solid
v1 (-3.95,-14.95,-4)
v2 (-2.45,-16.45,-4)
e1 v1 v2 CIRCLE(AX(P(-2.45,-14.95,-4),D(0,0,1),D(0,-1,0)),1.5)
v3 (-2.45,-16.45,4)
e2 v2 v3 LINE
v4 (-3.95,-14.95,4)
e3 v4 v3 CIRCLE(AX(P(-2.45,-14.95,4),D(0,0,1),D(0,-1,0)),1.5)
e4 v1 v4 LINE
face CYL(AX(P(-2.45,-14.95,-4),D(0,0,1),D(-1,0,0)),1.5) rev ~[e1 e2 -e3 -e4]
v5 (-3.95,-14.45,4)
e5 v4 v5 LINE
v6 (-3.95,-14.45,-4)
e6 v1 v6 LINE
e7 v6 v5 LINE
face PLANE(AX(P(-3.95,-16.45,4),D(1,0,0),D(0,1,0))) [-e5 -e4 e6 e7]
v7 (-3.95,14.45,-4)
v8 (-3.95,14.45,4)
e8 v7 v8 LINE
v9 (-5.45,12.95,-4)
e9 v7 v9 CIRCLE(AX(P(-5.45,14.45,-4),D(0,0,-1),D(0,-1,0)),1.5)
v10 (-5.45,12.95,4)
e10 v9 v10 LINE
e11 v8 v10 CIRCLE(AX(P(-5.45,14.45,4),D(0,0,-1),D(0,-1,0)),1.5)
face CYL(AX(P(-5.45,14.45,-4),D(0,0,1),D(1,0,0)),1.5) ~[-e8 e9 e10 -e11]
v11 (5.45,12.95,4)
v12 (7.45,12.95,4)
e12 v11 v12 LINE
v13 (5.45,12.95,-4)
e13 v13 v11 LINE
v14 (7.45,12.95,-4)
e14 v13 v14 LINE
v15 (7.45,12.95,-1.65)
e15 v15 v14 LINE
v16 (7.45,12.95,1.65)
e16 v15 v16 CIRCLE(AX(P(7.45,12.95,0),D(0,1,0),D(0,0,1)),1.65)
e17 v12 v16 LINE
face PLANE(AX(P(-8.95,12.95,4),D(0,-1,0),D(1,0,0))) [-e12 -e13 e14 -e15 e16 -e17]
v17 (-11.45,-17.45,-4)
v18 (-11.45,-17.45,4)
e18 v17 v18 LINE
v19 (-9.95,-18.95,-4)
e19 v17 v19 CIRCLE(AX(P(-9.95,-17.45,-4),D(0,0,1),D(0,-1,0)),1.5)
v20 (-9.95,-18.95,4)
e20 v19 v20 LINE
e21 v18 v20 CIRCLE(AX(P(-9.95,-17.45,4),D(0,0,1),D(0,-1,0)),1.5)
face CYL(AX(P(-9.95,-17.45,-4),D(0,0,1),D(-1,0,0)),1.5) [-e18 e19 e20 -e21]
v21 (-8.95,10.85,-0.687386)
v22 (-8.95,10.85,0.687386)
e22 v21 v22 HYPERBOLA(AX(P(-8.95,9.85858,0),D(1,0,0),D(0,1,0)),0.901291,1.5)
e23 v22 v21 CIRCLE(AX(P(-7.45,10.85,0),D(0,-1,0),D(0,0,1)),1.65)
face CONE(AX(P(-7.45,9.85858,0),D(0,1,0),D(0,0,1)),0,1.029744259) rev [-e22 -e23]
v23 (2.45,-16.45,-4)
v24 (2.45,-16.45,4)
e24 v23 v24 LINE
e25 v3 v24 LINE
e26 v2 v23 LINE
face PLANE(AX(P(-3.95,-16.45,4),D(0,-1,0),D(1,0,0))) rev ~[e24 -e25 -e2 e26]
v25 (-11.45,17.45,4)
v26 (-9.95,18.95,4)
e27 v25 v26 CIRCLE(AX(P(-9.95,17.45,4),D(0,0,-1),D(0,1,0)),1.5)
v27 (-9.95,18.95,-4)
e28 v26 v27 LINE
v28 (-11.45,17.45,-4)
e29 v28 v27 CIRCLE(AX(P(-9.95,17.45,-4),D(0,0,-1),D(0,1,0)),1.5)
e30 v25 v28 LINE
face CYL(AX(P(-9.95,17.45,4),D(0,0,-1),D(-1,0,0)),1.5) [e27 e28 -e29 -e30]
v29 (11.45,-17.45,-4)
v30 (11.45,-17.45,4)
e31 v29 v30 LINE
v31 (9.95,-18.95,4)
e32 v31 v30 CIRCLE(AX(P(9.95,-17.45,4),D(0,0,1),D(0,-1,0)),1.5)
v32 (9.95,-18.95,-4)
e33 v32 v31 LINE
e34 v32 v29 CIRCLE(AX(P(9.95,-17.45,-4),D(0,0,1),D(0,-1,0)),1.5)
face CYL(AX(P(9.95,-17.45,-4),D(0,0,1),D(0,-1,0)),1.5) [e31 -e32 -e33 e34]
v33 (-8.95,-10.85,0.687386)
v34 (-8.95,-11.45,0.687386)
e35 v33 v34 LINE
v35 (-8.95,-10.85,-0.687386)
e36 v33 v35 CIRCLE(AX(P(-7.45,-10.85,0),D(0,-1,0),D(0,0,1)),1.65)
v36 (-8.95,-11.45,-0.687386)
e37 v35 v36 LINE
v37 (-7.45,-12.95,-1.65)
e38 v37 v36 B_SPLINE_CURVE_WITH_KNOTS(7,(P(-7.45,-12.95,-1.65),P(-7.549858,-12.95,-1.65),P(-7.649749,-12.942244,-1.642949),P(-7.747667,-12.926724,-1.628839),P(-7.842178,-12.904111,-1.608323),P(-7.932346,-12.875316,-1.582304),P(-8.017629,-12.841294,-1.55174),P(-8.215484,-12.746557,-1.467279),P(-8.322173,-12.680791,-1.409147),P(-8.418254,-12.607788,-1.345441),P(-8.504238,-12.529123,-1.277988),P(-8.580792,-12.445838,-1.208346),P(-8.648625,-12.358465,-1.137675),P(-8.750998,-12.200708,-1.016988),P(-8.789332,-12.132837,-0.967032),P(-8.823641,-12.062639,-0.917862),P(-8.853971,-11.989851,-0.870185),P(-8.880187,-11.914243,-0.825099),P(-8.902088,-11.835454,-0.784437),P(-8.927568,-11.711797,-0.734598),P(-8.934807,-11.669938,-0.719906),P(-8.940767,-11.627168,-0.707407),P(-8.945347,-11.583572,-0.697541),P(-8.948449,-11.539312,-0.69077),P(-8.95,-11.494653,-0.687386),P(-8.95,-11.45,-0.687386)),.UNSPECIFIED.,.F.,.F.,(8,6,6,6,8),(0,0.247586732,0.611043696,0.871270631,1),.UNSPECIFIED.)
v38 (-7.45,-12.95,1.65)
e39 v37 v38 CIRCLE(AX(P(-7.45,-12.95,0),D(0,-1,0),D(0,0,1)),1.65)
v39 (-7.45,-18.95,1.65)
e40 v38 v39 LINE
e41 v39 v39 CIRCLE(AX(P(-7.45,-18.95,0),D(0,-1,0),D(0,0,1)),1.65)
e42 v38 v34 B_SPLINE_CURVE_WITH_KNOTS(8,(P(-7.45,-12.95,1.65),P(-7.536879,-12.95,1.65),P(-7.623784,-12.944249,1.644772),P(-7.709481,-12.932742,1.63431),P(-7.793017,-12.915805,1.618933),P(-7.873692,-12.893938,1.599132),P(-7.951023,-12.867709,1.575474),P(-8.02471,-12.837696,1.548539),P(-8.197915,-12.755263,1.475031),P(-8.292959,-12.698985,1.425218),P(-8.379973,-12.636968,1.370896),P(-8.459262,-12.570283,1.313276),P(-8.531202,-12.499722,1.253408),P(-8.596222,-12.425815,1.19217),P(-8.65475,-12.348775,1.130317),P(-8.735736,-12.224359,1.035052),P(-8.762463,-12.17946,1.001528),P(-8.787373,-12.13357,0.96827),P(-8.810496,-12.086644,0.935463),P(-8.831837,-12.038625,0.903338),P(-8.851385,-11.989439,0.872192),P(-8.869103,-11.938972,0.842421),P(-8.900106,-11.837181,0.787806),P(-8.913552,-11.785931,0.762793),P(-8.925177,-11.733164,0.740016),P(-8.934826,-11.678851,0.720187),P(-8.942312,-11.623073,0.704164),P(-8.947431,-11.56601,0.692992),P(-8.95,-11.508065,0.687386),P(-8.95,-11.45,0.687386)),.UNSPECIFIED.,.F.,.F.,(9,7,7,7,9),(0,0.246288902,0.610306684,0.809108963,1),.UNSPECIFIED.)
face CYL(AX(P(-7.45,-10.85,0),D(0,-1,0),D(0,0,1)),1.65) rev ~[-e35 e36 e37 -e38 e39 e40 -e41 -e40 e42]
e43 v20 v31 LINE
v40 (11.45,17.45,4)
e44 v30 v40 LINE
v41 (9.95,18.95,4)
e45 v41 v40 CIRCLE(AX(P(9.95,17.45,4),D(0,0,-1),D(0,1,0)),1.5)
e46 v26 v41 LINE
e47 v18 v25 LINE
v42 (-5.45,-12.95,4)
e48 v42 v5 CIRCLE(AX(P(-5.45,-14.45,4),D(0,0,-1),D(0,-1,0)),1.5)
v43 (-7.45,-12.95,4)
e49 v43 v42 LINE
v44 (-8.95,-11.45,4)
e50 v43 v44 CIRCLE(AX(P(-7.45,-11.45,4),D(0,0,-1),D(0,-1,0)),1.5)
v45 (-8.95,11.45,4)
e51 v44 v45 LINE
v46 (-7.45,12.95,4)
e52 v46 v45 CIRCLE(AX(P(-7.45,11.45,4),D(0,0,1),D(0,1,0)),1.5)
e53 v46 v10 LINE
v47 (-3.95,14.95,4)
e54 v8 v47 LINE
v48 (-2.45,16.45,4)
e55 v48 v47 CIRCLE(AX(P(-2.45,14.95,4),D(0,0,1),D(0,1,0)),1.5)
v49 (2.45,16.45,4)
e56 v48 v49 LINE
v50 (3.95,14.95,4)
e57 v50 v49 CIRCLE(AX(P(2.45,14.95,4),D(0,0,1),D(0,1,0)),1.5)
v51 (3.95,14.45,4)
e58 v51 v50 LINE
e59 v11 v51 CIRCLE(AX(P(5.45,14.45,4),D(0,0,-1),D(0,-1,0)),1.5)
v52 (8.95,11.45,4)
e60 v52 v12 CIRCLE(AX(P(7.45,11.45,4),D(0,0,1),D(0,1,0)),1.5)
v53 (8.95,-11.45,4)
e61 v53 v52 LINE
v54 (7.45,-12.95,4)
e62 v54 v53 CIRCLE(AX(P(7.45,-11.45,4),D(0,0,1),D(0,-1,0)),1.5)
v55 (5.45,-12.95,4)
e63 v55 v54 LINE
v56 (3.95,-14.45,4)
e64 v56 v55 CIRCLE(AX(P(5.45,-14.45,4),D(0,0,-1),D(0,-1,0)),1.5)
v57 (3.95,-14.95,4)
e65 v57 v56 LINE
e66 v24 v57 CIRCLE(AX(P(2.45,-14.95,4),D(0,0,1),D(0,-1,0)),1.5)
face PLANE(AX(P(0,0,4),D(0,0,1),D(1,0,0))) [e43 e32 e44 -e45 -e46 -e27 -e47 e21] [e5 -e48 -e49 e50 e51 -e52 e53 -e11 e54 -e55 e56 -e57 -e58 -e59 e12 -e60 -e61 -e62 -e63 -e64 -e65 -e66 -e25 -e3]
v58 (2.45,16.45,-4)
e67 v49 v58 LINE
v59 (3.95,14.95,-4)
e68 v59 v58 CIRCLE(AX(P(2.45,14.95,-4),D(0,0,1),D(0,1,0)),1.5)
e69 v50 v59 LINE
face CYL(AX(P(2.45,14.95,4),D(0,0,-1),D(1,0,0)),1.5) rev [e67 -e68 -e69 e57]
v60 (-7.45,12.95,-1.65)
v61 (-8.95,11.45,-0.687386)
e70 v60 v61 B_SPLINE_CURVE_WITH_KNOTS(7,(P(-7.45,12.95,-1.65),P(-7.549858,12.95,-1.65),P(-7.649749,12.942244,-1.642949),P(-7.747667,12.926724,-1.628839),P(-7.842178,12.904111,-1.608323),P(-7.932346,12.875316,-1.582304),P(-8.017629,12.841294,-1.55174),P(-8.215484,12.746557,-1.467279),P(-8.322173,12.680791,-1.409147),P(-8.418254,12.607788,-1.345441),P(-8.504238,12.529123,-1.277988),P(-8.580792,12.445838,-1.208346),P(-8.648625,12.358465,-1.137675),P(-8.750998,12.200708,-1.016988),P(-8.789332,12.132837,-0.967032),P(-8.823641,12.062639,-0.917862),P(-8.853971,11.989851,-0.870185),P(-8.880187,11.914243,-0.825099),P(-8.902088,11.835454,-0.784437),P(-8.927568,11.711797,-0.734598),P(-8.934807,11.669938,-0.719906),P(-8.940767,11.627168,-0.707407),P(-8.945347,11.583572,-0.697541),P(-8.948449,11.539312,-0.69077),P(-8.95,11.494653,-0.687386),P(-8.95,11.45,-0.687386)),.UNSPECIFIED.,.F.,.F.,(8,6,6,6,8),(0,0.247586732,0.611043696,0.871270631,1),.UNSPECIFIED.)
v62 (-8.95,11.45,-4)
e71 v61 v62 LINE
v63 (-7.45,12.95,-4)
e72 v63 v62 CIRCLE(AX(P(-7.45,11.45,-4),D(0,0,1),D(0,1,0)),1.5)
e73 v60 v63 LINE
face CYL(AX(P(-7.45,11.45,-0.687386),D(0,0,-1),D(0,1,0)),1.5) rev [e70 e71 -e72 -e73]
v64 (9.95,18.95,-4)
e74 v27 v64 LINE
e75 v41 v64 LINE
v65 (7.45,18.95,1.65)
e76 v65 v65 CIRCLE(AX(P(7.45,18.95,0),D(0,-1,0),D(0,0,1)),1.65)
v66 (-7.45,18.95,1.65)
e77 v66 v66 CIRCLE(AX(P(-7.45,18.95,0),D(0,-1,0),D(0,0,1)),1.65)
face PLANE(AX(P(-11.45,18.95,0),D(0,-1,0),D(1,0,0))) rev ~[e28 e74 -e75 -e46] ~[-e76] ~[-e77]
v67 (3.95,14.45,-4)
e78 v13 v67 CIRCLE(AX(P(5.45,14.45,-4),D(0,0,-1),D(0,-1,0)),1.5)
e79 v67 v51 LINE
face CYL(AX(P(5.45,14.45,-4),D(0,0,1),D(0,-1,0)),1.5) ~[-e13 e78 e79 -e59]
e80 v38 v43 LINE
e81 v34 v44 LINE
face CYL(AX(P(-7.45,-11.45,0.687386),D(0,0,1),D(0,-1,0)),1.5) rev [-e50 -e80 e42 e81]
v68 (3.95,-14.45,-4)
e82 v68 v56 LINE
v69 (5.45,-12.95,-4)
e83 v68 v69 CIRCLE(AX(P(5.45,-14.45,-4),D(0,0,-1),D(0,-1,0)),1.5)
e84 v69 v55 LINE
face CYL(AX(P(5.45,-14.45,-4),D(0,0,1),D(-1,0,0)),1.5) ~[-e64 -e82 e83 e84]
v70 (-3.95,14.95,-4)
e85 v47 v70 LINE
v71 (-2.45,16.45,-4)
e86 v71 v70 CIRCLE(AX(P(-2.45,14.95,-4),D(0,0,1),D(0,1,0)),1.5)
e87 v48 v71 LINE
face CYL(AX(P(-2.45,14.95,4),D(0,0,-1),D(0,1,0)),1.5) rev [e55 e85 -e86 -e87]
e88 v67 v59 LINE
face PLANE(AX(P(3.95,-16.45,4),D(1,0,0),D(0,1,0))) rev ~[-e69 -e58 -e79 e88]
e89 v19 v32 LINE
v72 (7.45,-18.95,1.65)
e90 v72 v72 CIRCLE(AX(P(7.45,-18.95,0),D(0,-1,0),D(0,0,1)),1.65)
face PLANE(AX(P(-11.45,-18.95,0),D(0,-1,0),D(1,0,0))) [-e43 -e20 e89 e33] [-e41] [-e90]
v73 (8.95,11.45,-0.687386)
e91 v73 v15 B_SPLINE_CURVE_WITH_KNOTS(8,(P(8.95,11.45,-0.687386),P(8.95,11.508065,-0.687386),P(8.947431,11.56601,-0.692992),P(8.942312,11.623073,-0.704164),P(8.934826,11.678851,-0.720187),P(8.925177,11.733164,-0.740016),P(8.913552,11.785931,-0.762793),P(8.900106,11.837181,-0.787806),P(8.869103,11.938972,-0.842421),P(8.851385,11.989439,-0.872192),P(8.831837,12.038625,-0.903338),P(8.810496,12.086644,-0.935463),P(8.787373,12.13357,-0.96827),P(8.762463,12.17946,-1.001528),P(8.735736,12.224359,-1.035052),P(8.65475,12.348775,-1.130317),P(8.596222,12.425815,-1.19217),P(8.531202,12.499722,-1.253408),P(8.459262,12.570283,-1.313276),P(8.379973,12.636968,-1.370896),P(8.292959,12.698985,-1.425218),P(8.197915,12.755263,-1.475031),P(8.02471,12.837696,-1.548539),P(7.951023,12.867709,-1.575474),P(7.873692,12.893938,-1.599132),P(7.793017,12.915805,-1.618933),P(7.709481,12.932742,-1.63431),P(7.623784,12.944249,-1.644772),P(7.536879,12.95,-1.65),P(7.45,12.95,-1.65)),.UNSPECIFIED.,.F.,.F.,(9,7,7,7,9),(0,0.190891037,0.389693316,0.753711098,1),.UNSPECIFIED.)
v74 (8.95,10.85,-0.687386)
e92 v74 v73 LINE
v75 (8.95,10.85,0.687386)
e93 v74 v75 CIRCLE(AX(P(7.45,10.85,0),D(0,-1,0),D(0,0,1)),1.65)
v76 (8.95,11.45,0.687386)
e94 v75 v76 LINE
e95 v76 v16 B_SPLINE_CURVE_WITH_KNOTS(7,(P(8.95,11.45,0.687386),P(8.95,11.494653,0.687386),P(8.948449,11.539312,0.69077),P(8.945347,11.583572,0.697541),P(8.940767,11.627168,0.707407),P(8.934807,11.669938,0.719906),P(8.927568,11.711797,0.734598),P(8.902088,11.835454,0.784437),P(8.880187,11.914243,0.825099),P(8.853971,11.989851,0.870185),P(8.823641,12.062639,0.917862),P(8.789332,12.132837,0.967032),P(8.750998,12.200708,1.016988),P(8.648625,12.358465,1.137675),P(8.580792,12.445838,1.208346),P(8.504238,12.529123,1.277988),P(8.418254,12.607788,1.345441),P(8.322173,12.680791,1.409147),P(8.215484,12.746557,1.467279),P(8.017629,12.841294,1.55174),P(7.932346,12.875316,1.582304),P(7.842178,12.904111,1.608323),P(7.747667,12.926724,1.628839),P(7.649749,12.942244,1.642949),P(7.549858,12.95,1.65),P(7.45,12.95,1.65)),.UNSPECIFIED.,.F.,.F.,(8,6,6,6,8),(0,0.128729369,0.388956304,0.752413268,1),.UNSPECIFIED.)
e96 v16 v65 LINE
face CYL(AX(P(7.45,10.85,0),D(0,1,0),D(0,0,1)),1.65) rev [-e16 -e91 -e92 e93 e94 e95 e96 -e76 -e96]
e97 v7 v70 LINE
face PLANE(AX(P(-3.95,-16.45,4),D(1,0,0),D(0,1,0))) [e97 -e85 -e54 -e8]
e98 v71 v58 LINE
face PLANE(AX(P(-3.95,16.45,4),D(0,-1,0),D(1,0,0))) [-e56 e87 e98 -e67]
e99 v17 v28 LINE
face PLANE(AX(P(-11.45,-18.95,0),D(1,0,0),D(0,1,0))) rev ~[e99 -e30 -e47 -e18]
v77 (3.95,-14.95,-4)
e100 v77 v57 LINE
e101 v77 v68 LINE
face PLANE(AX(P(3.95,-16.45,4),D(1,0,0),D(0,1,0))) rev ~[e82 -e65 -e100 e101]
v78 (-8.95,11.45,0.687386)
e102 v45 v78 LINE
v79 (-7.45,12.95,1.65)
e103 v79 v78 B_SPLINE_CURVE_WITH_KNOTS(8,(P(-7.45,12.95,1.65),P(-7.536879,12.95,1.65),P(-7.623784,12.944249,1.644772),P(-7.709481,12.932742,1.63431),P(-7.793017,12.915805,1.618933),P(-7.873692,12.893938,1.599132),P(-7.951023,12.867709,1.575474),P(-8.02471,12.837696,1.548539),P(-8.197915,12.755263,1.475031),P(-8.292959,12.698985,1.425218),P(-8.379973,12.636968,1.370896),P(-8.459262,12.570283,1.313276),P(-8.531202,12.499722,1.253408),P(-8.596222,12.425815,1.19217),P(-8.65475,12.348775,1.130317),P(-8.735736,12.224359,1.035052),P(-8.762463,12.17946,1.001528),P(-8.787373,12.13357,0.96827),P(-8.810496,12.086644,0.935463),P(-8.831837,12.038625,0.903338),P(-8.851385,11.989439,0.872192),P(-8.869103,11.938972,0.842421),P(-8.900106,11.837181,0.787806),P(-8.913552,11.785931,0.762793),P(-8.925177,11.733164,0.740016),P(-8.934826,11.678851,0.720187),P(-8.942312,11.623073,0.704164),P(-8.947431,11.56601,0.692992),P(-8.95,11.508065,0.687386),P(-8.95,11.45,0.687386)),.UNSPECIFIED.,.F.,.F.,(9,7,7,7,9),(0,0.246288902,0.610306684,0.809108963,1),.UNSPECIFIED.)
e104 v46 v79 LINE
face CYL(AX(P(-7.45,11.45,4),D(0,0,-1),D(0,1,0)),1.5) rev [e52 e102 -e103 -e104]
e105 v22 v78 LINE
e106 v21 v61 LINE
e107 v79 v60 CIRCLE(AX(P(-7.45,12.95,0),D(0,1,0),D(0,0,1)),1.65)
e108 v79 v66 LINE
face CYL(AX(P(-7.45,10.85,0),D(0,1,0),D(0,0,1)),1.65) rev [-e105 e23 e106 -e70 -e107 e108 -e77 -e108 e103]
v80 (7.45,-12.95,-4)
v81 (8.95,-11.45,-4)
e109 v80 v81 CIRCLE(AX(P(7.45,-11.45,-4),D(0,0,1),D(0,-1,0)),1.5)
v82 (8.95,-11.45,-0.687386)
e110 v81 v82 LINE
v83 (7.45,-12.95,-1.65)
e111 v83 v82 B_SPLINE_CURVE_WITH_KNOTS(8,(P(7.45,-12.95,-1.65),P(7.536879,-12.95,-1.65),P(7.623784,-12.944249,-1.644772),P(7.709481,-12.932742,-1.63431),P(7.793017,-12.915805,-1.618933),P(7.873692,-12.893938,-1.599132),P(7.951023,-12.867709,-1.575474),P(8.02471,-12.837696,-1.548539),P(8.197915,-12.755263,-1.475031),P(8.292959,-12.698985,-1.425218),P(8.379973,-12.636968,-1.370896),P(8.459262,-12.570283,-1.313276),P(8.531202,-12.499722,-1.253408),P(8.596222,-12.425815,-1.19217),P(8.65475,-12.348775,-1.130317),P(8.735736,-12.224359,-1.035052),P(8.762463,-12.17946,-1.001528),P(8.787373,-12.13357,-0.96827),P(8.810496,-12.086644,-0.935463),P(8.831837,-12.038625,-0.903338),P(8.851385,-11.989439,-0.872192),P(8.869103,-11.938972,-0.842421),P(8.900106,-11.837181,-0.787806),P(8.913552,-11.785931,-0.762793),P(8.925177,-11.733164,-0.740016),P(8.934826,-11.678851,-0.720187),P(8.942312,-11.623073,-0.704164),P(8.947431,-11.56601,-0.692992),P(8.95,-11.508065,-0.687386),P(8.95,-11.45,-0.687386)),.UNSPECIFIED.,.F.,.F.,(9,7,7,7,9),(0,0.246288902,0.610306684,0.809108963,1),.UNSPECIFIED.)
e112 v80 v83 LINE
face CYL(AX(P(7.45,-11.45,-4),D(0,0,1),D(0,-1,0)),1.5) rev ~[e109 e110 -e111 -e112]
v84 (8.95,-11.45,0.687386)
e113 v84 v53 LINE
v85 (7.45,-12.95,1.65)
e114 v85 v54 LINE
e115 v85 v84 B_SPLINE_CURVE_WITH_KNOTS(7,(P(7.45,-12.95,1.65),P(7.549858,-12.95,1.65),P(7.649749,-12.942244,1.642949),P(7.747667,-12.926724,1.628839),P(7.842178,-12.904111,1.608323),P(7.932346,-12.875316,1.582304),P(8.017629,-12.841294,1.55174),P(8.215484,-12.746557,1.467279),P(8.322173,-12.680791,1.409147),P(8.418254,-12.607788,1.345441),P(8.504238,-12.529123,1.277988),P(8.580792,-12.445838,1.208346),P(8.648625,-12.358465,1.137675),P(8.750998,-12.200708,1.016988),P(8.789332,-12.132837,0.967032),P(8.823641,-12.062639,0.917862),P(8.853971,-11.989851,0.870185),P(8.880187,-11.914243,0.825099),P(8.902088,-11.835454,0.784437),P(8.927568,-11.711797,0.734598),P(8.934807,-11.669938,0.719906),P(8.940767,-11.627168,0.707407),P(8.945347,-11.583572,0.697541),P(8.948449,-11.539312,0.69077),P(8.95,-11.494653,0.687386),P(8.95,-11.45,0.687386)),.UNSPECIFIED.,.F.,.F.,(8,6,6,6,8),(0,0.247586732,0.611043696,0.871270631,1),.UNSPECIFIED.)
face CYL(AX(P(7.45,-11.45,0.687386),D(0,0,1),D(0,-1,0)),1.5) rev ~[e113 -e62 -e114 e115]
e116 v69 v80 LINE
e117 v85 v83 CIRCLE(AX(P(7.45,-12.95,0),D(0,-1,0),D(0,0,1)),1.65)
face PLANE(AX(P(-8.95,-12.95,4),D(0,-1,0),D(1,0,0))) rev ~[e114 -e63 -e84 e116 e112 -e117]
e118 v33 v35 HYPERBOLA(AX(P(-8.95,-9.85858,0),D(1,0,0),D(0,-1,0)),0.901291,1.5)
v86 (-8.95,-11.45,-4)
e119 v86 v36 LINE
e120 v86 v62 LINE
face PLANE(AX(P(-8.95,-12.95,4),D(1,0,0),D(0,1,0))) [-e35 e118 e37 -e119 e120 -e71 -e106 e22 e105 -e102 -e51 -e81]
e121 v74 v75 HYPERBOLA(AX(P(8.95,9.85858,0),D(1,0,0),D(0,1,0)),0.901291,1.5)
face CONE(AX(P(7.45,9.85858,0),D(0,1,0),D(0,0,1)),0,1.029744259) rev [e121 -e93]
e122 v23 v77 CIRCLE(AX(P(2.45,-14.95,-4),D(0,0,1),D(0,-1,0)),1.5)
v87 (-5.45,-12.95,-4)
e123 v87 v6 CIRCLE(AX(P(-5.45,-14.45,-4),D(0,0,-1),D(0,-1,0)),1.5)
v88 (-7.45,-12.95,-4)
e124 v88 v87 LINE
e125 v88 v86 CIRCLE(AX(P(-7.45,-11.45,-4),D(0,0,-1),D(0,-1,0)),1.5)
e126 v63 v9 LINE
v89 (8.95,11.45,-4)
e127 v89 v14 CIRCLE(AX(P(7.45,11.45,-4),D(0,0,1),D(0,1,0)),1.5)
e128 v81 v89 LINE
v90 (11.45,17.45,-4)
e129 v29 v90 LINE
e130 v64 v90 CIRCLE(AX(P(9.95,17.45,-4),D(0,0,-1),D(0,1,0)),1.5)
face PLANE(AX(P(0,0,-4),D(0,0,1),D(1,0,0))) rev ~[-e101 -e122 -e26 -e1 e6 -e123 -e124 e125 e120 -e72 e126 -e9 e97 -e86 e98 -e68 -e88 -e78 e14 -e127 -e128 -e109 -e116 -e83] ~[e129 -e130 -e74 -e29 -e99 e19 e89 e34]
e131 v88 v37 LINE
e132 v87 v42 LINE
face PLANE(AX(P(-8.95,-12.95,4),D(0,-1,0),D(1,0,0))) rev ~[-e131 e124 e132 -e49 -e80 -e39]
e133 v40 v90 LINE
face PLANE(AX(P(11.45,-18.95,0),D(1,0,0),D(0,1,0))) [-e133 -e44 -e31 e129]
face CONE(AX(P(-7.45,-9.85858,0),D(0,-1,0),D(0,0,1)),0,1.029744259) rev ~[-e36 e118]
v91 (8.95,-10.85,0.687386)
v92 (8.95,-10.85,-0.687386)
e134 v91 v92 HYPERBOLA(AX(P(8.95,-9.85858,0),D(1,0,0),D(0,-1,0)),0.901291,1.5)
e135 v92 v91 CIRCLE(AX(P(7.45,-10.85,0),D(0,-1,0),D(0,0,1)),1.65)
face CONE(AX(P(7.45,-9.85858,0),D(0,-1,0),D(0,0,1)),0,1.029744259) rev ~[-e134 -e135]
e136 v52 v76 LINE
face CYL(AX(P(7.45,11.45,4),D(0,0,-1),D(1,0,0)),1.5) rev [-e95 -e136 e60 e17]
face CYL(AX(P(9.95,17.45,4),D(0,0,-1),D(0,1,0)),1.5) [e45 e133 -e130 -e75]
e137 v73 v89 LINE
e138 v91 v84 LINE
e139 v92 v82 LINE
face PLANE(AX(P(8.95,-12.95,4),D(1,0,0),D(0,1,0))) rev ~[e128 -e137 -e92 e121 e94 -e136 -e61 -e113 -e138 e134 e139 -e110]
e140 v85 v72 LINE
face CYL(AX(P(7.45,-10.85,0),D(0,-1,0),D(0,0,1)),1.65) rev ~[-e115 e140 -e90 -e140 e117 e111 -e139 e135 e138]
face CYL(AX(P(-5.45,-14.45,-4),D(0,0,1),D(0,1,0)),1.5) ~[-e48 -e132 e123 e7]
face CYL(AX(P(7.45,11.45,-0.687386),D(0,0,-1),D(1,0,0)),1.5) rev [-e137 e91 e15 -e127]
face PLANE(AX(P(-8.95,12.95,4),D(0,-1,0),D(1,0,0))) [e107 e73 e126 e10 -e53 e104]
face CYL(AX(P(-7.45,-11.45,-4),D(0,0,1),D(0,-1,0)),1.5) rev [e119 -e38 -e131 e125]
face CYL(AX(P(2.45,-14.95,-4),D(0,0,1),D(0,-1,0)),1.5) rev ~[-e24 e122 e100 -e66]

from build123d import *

# Parameters (mm, degrees)
SKETCH_1_W                  = 22.9
SKETCH_1_H                  = 37.9
EXTRUDE_1_DEPTH             = 4
HOLE_WIZARD_M4_1_AT_2_COUNT = 2
HOLE_WIZARD_M4_1_AT_2_PITCH = 14.9
SKETCH_6_W                  = 17.9
SKETCH_6_H                  = 25.9
CUT_EXTRUDE_1_DEPTH         = 19
SKETCH_7_W                  = 7.9
SKETCH_7_H                  = 32.9
CUT_EXTRUDE_2_DEPTH         = 19
FILLET_1_R                  = 1.5
FILLET_2_R                  = 1.5


with BuildPart() as part:
    # 草图1 → 凸台-拉伸1 (new, symmetric)
    with BuildSketch(Plane.XY):
        Rectangle(SKETCH_1_W, SKETCH_1_H)
    extrude(amount=EXTRUDE_1_DEPTH, both=True)

    # 草图5 → M4 螺纹孔1 (revolve, cut)
    with BuildSketch(Plane(origin=(-7.45, 18.95, 0), x_dir=(0, 0, 1), z_dir=(1, 0, 0))):
        Polygon((0, 0), (0, 9.091420021), (1.65, 8.1), (1.65, 0), align=None)
    hole_wizard_m4_1 = revolve(axis=Axis((-7.45, 25.3, 0), (0, -1, 0)), mode=Mode.SUBTRACT)

    # M4 螺纹孔1 at 2: M4 螺纹孔1 ×2
    with Locations(*[(i * HOLE_WIZARD_M4_1_AT_2_PITCH, 0, 0) for i in range(1, HOLE_WIZARD_M4_1_AT_2_COUNT)]):
        add(hole_wizard_m4_1, mode=Mode.SUBTRACT)

    # 镜向1: M4 螺纹孔1 across plane
    add(hole_wizard_m4_1.mirror(Plane.ZX), mode=Mode.SUBTRACT)

    # 镜向1 copy 1 sketch → 镜向1 copy 1 (revolve, cut)
    with BuildSketch(Plane(origin=(7.45, -18.95, 0), x_dir=(0, 0, 1), z_dir=(1, 0, 0))):
        Polygon((0, 0), (0, -9.091420021), (1.65, -8.1), (1.65, 0), align=None)
    revolve(axis=Axis((7.45, -25.3, 0), (0, -1, 0)), mode=Mode.SUBTRACT)

    # 草图6 → 切除-拉伸1 (cut, symmetric)
    with BuildSketch(Plane.XY.offset(4)):
        Rectangle(SKETCH_6_W, SKETCH_6_H)
    extrude(amount=CUT_EXTRUDE_1_DEPTH, both=True, mode=Mode.SUBTRACT)

    # 草图7 → 切除-拉伸2 (cut, symmetric)
    with BuildSketch(Plane.XY.offset(4)):
        Rectangle(SKETCH_7_W, SKETCH_7_H)
    extrude(amount=CUT_EXTRUDE_2_DEPTH, both=True, mode=Mode.SUBTRACT)

    # 圆角1
    fillet_1_edges = [part.edges().sort_by_distance(p)[0] for p in [
        (-8.95, 12.95, 2.343693177),
        (-8.95, 12.95, -2.343693177),
        (8.95, 12.95, 2.343693177),
        (8.95, 12.95, -2.343693177),
        (8.95, -12.95, 2.343693177),
        (8.95, -12.95, -2.343693177),
        (-8.95, -12.95, 2.343693177),
        (-8.95, -12.95, -2.343693177),
        (-3.95, -12.95, 0),
        (3.95, -12.95, 0),
        (3.95, -16.45, 0),
        (-3.95, 16.45, 0),
        (3.95, 16.45, 0),
        (3.95, 12.95, 0),
        (-3.95, 12.95, 0),
        (-3.95, -16.45, 0),
    ]]
    fillet(fillet_1_edges, radius=FILLET_1_R)

    # 圆角2
    fillet_2_edges = [part.edges().sort_by_distance(p)[0] for p in [
        (11.45, -18.95, 0),
        (-11.45, -18.95, 0),
        (-11.45, 18.95, 0),
        (11.45, 18.95, 0),
    ]]
    fillet(fillet_2_edges, radius=FILLET_2_R)


solid = part.part
